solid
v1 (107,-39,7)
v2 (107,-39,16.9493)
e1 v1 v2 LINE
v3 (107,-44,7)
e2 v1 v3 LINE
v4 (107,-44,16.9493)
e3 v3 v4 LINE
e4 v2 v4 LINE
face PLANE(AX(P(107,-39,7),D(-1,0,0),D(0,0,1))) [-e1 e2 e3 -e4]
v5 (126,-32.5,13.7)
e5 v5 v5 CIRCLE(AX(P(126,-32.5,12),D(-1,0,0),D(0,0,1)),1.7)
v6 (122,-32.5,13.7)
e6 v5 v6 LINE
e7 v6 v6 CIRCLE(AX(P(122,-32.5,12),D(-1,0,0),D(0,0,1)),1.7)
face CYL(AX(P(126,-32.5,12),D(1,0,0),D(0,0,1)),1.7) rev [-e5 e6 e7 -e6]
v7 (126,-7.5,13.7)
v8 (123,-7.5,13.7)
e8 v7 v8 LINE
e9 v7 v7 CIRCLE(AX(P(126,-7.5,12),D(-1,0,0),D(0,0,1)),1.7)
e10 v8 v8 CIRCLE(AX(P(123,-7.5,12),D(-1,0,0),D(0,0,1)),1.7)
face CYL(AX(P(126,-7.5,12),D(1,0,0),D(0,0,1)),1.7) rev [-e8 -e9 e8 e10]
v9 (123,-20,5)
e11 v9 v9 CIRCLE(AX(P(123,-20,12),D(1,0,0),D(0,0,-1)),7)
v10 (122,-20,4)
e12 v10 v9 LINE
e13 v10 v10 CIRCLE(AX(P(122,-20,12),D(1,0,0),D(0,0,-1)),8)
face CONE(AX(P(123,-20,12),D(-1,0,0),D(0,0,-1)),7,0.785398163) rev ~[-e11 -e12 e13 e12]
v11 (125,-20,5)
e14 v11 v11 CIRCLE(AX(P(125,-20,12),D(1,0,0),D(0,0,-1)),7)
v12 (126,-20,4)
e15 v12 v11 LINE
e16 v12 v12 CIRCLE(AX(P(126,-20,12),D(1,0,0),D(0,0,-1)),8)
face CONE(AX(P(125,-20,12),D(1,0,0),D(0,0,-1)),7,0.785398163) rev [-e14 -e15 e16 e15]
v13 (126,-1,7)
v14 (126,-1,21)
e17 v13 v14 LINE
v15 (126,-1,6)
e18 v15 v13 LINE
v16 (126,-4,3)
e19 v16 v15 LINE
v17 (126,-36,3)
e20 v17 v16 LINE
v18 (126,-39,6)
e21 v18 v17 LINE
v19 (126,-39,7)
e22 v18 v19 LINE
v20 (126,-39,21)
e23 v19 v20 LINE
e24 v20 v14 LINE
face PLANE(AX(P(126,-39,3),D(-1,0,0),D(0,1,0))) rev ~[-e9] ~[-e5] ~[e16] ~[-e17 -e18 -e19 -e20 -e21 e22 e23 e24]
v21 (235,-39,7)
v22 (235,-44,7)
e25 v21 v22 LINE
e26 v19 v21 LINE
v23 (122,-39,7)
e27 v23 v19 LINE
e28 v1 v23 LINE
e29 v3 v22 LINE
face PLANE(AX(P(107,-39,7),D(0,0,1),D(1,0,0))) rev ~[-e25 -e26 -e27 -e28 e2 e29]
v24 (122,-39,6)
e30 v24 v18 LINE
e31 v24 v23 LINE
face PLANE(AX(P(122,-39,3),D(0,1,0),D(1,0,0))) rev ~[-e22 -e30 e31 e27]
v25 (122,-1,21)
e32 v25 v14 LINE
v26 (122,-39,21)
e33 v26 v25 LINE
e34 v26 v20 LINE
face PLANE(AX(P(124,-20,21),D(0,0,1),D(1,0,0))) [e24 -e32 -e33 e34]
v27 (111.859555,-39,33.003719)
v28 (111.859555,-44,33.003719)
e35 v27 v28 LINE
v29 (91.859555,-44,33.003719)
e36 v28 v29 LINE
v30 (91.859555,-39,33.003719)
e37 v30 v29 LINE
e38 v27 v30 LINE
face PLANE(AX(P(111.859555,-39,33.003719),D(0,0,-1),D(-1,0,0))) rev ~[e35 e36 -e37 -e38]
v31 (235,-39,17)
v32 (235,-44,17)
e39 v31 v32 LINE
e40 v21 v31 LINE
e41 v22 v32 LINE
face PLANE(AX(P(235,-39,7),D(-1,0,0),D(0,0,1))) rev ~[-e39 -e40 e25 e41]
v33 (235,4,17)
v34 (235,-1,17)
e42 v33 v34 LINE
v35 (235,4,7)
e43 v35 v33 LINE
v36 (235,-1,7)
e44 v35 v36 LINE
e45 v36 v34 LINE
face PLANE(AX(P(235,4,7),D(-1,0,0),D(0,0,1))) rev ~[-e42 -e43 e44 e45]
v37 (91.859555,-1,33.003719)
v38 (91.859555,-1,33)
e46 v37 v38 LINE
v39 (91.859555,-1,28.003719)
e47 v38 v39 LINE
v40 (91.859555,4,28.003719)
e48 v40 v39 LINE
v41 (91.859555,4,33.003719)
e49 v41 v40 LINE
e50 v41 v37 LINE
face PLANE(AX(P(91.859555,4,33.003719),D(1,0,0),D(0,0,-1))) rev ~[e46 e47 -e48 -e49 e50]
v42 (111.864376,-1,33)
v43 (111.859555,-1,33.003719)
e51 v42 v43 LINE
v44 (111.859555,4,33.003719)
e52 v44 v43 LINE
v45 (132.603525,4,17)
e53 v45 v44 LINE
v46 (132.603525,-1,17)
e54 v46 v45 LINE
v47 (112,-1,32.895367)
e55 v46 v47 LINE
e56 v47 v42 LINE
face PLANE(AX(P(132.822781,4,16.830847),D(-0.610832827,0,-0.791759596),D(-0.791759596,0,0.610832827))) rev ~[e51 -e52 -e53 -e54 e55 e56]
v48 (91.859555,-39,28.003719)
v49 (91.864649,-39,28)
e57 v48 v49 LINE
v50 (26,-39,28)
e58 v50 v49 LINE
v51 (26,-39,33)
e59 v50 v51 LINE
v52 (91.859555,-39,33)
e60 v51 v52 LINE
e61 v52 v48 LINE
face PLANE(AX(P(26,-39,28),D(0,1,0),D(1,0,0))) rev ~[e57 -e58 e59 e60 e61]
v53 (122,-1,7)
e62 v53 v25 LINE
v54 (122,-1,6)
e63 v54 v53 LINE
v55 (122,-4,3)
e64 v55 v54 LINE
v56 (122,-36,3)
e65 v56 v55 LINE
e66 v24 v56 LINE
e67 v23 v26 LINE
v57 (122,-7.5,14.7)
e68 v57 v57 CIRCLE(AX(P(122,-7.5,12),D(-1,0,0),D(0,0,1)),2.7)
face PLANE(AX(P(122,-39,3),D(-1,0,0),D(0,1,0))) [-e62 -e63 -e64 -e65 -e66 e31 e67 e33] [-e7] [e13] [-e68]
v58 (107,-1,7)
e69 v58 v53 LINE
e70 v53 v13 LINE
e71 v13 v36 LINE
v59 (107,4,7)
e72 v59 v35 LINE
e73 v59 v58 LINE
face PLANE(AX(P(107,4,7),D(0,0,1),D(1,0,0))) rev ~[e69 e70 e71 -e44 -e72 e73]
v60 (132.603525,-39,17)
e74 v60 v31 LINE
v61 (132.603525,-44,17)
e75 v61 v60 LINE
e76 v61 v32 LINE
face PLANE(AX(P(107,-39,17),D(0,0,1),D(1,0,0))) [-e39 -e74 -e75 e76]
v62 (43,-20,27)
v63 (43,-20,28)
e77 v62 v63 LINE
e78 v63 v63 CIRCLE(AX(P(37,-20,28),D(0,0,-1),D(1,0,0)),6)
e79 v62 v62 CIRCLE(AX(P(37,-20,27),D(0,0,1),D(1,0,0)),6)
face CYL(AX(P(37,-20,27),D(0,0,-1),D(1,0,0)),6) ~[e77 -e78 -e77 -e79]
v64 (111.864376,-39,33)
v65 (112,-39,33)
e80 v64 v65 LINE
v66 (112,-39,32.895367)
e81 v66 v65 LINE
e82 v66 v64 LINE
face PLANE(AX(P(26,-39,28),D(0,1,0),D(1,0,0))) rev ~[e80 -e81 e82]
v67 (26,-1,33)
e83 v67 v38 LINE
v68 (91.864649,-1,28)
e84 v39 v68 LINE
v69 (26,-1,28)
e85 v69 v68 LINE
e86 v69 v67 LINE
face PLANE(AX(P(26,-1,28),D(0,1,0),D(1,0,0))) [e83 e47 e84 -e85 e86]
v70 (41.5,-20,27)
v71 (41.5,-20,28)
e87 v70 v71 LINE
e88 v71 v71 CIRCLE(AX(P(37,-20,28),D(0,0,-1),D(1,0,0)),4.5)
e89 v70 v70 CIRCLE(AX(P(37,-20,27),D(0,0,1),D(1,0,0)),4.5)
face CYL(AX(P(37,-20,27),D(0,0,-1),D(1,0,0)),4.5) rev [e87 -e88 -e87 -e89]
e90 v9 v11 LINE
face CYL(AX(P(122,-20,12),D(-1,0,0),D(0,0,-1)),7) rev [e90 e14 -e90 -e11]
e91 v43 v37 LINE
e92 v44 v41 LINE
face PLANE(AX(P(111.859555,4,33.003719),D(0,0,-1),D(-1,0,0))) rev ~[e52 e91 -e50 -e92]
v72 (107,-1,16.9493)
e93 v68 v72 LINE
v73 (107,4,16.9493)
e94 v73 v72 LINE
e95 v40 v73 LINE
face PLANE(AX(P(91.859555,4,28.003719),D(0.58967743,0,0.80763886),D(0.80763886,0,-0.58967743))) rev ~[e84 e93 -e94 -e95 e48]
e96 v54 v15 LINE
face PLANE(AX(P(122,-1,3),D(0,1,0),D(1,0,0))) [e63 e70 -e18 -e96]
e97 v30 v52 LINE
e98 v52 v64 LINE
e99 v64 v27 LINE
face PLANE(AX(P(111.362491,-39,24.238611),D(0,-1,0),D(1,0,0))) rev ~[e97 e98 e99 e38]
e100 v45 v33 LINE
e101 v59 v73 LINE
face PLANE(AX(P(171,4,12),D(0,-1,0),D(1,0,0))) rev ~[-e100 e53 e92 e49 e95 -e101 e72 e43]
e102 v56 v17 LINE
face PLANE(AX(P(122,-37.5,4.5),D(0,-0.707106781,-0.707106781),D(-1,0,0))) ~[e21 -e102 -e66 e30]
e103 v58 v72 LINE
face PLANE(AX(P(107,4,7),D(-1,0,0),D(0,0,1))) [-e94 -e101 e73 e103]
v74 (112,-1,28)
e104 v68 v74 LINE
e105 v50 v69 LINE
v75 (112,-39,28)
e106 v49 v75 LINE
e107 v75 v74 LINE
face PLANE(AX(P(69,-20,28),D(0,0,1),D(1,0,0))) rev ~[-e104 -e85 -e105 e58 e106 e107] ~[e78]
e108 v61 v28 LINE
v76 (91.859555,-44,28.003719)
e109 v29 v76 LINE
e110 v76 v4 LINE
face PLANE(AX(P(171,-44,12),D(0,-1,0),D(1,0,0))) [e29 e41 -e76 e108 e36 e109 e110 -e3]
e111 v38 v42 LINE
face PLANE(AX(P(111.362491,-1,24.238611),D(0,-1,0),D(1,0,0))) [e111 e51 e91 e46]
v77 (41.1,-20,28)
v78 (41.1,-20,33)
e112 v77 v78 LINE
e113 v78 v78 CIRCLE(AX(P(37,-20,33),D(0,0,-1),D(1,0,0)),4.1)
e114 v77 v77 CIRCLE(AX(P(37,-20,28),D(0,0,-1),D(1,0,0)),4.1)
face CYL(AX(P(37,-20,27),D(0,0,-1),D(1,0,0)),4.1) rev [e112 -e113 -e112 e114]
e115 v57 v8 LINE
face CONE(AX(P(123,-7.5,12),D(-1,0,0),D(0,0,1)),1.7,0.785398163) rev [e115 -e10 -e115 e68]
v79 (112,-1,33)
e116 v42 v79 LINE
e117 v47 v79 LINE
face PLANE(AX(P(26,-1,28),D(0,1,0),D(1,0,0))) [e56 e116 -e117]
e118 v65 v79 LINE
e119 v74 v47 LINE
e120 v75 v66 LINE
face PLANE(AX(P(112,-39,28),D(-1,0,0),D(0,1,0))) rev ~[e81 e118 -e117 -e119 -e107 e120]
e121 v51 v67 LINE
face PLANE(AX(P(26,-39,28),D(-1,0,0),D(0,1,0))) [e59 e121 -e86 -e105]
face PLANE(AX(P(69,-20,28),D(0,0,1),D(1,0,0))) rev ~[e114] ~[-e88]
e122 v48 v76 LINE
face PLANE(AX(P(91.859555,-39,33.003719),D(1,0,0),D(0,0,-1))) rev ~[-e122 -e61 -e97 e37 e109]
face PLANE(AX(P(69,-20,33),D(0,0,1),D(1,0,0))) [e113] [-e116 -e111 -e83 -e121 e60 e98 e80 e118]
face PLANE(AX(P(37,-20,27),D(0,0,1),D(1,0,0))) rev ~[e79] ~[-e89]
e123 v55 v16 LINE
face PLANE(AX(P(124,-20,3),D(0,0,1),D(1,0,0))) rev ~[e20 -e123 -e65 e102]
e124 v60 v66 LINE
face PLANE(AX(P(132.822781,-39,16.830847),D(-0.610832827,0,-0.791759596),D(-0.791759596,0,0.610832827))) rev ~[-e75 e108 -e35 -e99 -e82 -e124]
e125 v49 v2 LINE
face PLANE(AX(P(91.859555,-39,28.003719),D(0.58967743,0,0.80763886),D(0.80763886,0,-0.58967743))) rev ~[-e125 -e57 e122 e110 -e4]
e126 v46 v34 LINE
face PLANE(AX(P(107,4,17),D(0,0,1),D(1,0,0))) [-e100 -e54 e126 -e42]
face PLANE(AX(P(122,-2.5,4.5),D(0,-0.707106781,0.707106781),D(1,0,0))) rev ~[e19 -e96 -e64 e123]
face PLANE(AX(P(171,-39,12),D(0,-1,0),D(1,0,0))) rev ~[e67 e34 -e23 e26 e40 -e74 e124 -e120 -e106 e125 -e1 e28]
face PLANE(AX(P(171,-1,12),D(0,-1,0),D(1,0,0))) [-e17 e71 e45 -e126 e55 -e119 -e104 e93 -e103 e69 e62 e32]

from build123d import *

# Parameters (mm, degrees)
EXTRUDE_DEPTH     = 5
EXTRUDE001_DEPTH  = 5
BOX054_W          = 128
BOX054_H          = 10
BOX054_DEPTH      = 5
BOX055_W          = 128
BOX055_H          = 10
BOX055_DEPTH      = 5
CYLINDER160_R     = 1.7
CYLINDER160_DEPTH = 4
CYLINDER161_R     = 1.7
CYLINDER161_DEPTH = 4
CYLINDER147_R     = 7
CYLINDER147_DEPTH = 4
BOX061_W          = 4
BOX061_H          = 38
BOX061_DEPTH      = 18
CHAMFER005_SIZE   = 1
CHAMFER006_SIZE   = 1
CYLINDER114_R     = 4.1
CYLINDER114_DEPTH = 10
TUBE_R            = 6
TUBE_R_2          = 4.5
TUBE_DEPTH        = 6
BOX053_W          = 86
BOX053_H          = 38
BOX053_DEPTH      = 5
CHAMFER007_SIZE   = 3


with BuildPart() as extrude_body:
    # Sketch → Extrude (new body)
    with BuildSketch(Plane.XZ):
        Polygon((132.822781, 16.830847), (111.859555, 33.003719), (91.859555, 33.003719), (91.859555, 28.003719), (107.162236, 16.830847), align=None)
    extrude(amount=EXTRUDE_DEPTH)


with BuildPart() as extrude_body_1:
    # Extrude placement: moved
    add(extrude_body.part.moved(Location((0, 4, 0))))


with BuildPart() as extrude001:
    # Sketch → Extrude001 (new body)
    with BuildSketch(Plane.XZ):
        Polygon((132.822781, 16.830847), (111.859555, 33.003719), (91.859555, 33.003719), (91.859555, 28.003719), (107.162236, 16.830847), align=None)
    extrude(amount=EXTRUDE001_DEPTH)


with BuildPart() as extrude001_1:
    # Extrude001 placement: moved
    add(extrude001.part.moved(Location((0, -39, 0))))


with BuildPart() as cube054:
    # Box054 → Box054 (new body)
    with BuildSketch(Plane(origin=(107, -39, 7), x_dir=(1, 0, 0), z_dir=(0, -1, 0))):
        with Locations((64, 5)):
            Rectangle(BOX054_W, BOX054_H)
    extrude(amount=BOX054_DEPTH)


with BuildPart() as cube055:
    # Box055 → Box055 (new body)
    with BuildSketch(Plane(origin=(107, 4, 7), x_dir=(1, 0, 0), z_dir=(0, -1, 0))):
        with Locations((64, 5)):
            Rectangle(BOX055_W, BOX055_H)
    extrude(amount=BOX055_DEPTH)


with BuildPart() as cylinder160:
    # Cylinder160 → Cylinder160 (new body)
    with BuildSketch(Plane(origin=(126, 0, 12), x_dir=(0, 0, 1), z_dir=(-1, 0, 0))):
        Circle(CYLINDER160_R)
    extrude(amount=CYLINDER160_DEPTH)


with BuildPart() as fusion:
    # Cylinder161 → Cylinder161 (new body)
    with BuildSketch(Plane(origin=(126, 25, 12), x_dir=(0, 0, 1), z_dir=(-1, 0, 0))):
        Circle(CYLINDER161_R)
    extrude(amount=CYLINDER161_DEPTH)

    # Fusion: union Cylinder160
    add(cylinder160.part)


with BuildPart() as fusion_1:
    # Fusion placement: moved
    add(fusion.part.moved(Location((0, -32.5, 0))))


with BuildPart() as cylinder147:
    # Cylinder147 → Cylinder147 (new body)
    with BuildSketch(Plane(origin=(122, -20, 12), x_dir=(0, 0, -1), z_dir=(1, 0, 0))):
        Circle(CYLINDER147_R)
    extrude(amount=CYLINDER147_DEPTH)


with BuildPart() as chamfer006:
    # Box061 → Box061 (new body)
    with BuildSketch(Plane(origin=(122, -39, 3), x_dir=(1, 0, 0), z_dir=(0, 0, 1))):
        with Locations((2, 19)):
            Rectangle(BOX061_W, BOX061_H)
    extrude(amount=BOX061_DEPTH)

    # Cut085: cut Cylinder147
    add(cylinder147.part, mode=Mode.SUBTRACT)

    # Cut088: cut Fusion
    add(fusion_1.part, mode=Mode.SUBTRACT)

    # Chamfer005
    chamfer005_edges = [chamfer006.edges().sort_by_distance(p)[0] for p in [
        (122, -7.5, 10.3),
        (122, -20, 19),
    ]]
    chamfer(chamfer005_edges, length=CHAMFER005_SIZE)

    # Chamfer006
    chamfer006_edges = [chamfer006.edges().sort_by_distance(p)[0] for p in [
        (126, -20, 19),
    ]]
    chamfer(chamfer006_edges, length=CHAMFER006_SIZE)


with BuildPart() as cylinder114:
    # Cylinder114 → Cylinder114 (new body)
    with BuildSketch(Plane(origin=(37, -20, 21), x_dir=(1, 0, 0), z_dir=(0, 0, 1))):
        Circle(CYLINDER114_R)
    extrude(amount=CYLINDER114_DEPTH)


with BuildPart() as tube:
    # Tube → Tube (new body)
    with BuildSketch(Plane(origin=(37, -20, 21), x_dir=(1, 0, 0), z_dir=(0, 0, 1))):
        Circle(TUBE_R)
        Circle(TUBE_R_2, mode=Mode.SUBTRACT)
    extrude(amount=TUBE_DEPTH)


with BuildPart() as chamfer007:
    # Box053 → Box053 (new body)
    with BuildSketch(Plane(origin=(26, -39, 22), x_dir=(1, 0, 0), z_dir=(0, 0, 1))):
        with Locations((43, 19)):
            Rectangle(BOX053_W, BOX053_H)
    extrude(amount=BOX053_DEPTH)

    # Fusion092: union Tube
    add(tube.part)

    # Cut073: cut Cylinder114
    add(cylinder114.part, mode=Mode.SUBTRACT)


with BuildPart() as chamfer007_1:
    # Cut073 placement: moved
    add(chamfer007.part.moved(Location((0, 0, 6))))

    # Fusion112: union Extrude body, Extrude001, Cube054, Cube055, Chamfer006
    add(extrude_body_1.part)
    add(extrude001_1.part)
    add(cube054.part)
    add(cube055.part)
    add(chamfer006.part)

    # Chamfer007
    chamfer007_edges = [chamfer007_1.edges().sort_by_distance(p)[0] for p in [
        (124, -1, 3),
        (124, -39, 3),
    ]]
    chamfer(chamfer007_edges, length=CHAMFER007_SIZE)


solid = chamfer007_1.part
